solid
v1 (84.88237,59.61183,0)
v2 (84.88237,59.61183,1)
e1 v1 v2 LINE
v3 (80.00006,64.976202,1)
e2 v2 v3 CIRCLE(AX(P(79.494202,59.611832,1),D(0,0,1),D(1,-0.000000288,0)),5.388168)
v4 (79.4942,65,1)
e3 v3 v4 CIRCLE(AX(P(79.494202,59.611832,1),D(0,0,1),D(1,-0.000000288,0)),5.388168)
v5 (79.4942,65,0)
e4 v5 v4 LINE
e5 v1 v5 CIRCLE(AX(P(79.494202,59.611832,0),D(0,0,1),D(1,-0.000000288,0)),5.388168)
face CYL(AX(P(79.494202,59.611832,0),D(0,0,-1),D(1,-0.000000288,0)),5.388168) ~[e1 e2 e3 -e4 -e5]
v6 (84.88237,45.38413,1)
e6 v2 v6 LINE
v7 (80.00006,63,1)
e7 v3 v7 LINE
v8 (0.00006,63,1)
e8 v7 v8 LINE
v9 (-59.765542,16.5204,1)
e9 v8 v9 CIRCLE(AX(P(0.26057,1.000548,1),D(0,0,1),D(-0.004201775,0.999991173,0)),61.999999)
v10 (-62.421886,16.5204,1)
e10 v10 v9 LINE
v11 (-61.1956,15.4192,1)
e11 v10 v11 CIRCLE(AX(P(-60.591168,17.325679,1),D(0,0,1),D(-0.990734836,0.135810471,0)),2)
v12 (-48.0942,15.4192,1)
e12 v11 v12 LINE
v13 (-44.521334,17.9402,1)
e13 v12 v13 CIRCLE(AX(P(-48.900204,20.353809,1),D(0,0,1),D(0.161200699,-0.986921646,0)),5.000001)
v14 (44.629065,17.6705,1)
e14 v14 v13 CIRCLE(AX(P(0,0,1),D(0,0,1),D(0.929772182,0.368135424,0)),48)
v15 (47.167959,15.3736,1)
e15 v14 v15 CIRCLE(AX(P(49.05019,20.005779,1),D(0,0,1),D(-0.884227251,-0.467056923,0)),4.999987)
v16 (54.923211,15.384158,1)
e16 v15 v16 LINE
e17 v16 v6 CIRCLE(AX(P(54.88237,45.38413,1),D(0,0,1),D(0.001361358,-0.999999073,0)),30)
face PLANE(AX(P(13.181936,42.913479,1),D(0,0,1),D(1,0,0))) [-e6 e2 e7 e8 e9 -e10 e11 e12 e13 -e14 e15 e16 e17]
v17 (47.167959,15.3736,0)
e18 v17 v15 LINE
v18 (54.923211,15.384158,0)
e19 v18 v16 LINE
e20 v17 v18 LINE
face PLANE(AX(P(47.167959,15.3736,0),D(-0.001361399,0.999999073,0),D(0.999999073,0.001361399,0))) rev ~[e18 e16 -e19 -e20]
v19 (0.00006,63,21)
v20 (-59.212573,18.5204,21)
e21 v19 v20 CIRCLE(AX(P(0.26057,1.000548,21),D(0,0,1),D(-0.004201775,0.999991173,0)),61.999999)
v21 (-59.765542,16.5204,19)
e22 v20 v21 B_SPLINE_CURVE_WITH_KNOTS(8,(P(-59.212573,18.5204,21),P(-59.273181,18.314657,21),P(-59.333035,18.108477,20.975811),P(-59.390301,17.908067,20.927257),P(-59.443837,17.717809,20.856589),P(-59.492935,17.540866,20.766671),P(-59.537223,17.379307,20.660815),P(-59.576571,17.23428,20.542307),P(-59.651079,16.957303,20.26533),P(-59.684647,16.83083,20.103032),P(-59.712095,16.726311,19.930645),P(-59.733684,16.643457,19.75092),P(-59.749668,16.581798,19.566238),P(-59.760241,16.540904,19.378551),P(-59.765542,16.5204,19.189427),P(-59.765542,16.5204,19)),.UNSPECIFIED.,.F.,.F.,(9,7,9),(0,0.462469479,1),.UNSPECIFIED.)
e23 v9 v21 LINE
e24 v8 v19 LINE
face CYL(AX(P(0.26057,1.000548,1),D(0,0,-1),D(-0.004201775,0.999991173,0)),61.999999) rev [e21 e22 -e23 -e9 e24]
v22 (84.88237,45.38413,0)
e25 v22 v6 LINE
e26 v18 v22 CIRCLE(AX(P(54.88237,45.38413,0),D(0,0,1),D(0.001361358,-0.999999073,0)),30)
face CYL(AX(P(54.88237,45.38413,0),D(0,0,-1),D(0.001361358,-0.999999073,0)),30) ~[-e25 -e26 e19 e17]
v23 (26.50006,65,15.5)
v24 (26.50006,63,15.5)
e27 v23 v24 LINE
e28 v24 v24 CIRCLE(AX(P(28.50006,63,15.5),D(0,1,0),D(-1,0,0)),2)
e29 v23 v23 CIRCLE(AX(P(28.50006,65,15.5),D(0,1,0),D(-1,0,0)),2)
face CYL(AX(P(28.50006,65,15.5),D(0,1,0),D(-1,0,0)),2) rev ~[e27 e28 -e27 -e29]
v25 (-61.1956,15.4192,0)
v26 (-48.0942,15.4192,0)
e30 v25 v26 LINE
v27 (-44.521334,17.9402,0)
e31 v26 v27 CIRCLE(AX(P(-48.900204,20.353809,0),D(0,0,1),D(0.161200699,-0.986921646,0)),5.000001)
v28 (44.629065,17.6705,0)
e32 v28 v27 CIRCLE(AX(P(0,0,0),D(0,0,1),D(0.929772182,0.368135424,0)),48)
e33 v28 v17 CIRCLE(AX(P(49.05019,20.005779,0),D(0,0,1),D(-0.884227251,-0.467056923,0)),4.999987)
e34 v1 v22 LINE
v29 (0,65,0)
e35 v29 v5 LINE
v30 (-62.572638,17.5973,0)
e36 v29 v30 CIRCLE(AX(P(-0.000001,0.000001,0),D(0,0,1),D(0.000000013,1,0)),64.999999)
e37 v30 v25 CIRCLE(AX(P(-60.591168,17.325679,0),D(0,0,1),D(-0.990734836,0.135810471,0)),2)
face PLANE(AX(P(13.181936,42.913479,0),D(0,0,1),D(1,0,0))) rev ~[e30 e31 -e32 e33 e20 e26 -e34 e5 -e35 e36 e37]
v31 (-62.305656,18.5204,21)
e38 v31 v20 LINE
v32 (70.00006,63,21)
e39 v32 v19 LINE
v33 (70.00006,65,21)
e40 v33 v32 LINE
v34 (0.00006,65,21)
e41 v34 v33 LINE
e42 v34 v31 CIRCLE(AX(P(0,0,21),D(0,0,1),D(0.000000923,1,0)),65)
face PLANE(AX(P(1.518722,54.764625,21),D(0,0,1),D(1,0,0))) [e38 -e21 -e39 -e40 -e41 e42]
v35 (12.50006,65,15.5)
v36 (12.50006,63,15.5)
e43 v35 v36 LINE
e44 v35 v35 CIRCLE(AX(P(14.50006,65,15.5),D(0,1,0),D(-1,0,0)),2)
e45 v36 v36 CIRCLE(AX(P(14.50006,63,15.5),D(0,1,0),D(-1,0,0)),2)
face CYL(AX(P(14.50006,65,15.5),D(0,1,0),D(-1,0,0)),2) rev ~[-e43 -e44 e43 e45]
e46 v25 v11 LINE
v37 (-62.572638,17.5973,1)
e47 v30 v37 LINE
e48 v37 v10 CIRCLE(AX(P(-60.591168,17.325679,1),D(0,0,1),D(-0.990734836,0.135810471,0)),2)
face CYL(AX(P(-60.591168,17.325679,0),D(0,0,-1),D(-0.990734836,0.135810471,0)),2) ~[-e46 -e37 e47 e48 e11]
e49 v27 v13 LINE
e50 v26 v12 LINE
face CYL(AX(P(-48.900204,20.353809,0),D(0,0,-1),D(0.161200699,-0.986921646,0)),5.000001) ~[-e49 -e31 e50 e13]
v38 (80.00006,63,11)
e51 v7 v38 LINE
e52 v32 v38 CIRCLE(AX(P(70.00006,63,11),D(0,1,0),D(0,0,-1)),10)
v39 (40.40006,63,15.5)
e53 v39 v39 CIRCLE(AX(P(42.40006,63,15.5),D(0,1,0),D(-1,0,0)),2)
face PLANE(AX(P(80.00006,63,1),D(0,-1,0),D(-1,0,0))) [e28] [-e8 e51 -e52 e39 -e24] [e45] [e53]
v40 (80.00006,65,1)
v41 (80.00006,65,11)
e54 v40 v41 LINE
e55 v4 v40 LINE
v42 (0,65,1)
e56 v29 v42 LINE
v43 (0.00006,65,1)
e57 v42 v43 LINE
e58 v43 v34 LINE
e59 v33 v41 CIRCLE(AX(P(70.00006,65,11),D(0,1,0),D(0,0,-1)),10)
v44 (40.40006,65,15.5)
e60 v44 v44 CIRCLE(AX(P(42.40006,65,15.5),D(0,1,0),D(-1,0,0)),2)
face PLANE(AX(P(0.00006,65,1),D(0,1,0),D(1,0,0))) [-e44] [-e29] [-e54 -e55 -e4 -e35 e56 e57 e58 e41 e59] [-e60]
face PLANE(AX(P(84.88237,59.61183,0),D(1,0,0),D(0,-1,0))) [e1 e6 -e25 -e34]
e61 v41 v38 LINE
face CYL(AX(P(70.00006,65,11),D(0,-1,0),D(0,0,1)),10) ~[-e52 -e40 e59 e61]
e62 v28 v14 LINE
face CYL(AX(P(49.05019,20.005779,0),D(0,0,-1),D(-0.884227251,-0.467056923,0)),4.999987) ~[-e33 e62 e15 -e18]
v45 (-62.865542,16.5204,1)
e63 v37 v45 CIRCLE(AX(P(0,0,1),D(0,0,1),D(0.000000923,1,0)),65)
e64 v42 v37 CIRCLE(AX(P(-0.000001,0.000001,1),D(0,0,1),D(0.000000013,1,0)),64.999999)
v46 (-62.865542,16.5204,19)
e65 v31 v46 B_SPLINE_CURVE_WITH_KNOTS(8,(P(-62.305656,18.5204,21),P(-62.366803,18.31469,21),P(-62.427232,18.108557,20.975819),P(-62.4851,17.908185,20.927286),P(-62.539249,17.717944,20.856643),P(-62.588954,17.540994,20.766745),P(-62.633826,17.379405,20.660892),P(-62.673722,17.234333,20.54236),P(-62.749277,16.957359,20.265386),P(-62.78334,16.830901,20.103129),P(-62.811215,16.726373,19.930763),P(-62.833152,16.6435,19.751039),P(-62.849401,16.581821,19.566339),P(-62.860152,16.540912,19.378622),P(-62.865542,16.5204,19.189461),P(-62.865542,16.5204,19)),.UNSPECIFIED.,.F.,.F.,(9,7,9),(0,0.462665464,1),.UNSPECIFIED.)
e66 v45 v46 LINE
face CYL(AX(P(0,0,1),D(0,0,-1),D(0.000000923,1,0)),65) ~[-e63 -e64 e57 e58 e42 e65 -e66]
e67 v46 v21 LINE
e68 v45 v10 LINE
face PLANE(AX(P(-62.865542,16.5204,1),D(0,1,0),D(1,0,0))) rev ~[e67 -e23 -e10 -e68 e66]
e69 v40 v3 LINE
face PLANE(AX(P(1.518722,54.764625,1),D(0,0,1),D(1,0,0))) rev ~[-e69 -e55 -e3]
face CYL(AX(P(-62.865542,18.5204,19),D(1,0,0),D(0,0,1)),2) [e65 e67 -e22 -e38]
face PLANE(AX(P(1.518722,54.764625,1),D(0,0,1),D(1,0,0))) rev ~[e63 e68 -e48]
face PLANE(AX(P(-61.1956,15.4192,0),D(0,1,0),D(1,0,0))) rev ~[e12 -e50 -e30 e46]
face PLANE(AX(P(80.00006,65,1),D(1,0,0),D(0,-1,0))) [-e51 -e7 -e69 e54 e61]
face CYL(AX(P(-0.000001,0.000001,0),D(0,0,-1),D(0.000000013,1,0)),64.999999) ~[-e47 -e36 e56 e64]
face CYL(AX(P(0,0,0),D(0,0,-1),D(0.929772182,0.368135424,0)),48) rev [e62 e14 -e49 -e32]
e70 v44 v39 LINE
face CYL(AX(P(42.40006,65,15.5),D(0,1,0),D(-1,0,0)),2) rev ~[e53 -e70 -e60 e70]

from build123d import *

# Parameters (mm, degrees)
PAD_DEPTH    = 1
PAD004_DEPTH = 20
FILLET_R     = 10
FILLET001_R  = 2
SKETCH003_R  = 2
POCKET_DEPTH = 49.6274


with BuildPart() as part:
    # Sketch → Pad (new body)
    with BuildSketch(Plane.XY):
        with BuildLine():
            ThreePointArc((0, 65), (-39.250322, 51.811314), (-62.572638, 17.5973))
            ThreePointArc((-62.572638, 17.5973), (-62.281657, 16.256919), (-61.1956, 15.4192))
            Line((-61.1956, 15.4192), (-48.0942, 15.4192))
            ThreePointArc((-48.0942, 15.4192), (-46.017568, 16.268418), (-44.521334, 17.9402))
            ThreePointArc((44.629065, 17.6705), (0.14521, 47.99978), (-44.521334, 17.9402))
            ThreePointArc((44.629065, 17.6705), (45.695788, 16.297968), (47.167959, 15.3736))
            Line((47.167959, 15.3736), (54.923211, 15.384158))
            ThreePointArc((54.923211, 15.384158), (76.110008, 24.185371), (84.88237, 45.38413))
            Line((84.88237, 59.61183), (84.88237, 45.38413))
            ThreePointArc((84.88237, 59.61183), (83.304212, 63.421842), (79.4942, 65))
            Line((0, 65), (79.4942, 65))
        make_face()
    extrude(amount=PAD_DEPTH)

    # Sketch001 → Pad004 (new body)
    with BuildSketch(Plane.XY.offset(1)):
        with BuildLine():
            ThreePointArc((6e-05, 65), (-39.693641, 51.472467), (-62.865542, 16.5204))
            Line((-62.865542, 16.5204), (-59.765542, 16.5204))
            ThreePointArc((6e-05, 63), (-37.80132, 49.942273), (-59.765542, 16.5204))
            Line((80.00006, 63), (6e-05, 63))
            Line((80.00006, 65), (80.00006, 63))
            Line((6e-05, 65), (80.00006, 65))
        make_face()
    extrude(amount=PAD004_DEPTH)

    # Fillet
    fillet_edges = [part.edges().sort_by_distance(p)[0] for p in [
        (80.00006, 64, 21),
    ]]
    fillet(fillet_edges, radius=FILLET_R)

    # Fillet001
    fillet001_edges = [part.edges().sort_by_distance(p)[0] for p in [
        (-61.315542, 16.5204, 21),
    ]]
    fillet(fillet001_edges, radius=FILLET001_R)

    # Sketch003 → Pocket (cut, through all)
    with BuildSketch(Plane(origin=(0, 65, 0), x_dir=(-1, 0, 0), z_dir=(0, 1, 0))):
        with Locations((-42.40006, 15.5)):
            Circle(SKETCH003_R)
        with Locations((-28.50006, 15.5)):
            Circle(SKETCH003_R)
        with Locations((-14.50006, 15.5)):
            Circle(SKETCH003_R)
    extrude(amount=-POCKET_DEPTH, mode=Mode.SUBTRACT)


solid = part.part
